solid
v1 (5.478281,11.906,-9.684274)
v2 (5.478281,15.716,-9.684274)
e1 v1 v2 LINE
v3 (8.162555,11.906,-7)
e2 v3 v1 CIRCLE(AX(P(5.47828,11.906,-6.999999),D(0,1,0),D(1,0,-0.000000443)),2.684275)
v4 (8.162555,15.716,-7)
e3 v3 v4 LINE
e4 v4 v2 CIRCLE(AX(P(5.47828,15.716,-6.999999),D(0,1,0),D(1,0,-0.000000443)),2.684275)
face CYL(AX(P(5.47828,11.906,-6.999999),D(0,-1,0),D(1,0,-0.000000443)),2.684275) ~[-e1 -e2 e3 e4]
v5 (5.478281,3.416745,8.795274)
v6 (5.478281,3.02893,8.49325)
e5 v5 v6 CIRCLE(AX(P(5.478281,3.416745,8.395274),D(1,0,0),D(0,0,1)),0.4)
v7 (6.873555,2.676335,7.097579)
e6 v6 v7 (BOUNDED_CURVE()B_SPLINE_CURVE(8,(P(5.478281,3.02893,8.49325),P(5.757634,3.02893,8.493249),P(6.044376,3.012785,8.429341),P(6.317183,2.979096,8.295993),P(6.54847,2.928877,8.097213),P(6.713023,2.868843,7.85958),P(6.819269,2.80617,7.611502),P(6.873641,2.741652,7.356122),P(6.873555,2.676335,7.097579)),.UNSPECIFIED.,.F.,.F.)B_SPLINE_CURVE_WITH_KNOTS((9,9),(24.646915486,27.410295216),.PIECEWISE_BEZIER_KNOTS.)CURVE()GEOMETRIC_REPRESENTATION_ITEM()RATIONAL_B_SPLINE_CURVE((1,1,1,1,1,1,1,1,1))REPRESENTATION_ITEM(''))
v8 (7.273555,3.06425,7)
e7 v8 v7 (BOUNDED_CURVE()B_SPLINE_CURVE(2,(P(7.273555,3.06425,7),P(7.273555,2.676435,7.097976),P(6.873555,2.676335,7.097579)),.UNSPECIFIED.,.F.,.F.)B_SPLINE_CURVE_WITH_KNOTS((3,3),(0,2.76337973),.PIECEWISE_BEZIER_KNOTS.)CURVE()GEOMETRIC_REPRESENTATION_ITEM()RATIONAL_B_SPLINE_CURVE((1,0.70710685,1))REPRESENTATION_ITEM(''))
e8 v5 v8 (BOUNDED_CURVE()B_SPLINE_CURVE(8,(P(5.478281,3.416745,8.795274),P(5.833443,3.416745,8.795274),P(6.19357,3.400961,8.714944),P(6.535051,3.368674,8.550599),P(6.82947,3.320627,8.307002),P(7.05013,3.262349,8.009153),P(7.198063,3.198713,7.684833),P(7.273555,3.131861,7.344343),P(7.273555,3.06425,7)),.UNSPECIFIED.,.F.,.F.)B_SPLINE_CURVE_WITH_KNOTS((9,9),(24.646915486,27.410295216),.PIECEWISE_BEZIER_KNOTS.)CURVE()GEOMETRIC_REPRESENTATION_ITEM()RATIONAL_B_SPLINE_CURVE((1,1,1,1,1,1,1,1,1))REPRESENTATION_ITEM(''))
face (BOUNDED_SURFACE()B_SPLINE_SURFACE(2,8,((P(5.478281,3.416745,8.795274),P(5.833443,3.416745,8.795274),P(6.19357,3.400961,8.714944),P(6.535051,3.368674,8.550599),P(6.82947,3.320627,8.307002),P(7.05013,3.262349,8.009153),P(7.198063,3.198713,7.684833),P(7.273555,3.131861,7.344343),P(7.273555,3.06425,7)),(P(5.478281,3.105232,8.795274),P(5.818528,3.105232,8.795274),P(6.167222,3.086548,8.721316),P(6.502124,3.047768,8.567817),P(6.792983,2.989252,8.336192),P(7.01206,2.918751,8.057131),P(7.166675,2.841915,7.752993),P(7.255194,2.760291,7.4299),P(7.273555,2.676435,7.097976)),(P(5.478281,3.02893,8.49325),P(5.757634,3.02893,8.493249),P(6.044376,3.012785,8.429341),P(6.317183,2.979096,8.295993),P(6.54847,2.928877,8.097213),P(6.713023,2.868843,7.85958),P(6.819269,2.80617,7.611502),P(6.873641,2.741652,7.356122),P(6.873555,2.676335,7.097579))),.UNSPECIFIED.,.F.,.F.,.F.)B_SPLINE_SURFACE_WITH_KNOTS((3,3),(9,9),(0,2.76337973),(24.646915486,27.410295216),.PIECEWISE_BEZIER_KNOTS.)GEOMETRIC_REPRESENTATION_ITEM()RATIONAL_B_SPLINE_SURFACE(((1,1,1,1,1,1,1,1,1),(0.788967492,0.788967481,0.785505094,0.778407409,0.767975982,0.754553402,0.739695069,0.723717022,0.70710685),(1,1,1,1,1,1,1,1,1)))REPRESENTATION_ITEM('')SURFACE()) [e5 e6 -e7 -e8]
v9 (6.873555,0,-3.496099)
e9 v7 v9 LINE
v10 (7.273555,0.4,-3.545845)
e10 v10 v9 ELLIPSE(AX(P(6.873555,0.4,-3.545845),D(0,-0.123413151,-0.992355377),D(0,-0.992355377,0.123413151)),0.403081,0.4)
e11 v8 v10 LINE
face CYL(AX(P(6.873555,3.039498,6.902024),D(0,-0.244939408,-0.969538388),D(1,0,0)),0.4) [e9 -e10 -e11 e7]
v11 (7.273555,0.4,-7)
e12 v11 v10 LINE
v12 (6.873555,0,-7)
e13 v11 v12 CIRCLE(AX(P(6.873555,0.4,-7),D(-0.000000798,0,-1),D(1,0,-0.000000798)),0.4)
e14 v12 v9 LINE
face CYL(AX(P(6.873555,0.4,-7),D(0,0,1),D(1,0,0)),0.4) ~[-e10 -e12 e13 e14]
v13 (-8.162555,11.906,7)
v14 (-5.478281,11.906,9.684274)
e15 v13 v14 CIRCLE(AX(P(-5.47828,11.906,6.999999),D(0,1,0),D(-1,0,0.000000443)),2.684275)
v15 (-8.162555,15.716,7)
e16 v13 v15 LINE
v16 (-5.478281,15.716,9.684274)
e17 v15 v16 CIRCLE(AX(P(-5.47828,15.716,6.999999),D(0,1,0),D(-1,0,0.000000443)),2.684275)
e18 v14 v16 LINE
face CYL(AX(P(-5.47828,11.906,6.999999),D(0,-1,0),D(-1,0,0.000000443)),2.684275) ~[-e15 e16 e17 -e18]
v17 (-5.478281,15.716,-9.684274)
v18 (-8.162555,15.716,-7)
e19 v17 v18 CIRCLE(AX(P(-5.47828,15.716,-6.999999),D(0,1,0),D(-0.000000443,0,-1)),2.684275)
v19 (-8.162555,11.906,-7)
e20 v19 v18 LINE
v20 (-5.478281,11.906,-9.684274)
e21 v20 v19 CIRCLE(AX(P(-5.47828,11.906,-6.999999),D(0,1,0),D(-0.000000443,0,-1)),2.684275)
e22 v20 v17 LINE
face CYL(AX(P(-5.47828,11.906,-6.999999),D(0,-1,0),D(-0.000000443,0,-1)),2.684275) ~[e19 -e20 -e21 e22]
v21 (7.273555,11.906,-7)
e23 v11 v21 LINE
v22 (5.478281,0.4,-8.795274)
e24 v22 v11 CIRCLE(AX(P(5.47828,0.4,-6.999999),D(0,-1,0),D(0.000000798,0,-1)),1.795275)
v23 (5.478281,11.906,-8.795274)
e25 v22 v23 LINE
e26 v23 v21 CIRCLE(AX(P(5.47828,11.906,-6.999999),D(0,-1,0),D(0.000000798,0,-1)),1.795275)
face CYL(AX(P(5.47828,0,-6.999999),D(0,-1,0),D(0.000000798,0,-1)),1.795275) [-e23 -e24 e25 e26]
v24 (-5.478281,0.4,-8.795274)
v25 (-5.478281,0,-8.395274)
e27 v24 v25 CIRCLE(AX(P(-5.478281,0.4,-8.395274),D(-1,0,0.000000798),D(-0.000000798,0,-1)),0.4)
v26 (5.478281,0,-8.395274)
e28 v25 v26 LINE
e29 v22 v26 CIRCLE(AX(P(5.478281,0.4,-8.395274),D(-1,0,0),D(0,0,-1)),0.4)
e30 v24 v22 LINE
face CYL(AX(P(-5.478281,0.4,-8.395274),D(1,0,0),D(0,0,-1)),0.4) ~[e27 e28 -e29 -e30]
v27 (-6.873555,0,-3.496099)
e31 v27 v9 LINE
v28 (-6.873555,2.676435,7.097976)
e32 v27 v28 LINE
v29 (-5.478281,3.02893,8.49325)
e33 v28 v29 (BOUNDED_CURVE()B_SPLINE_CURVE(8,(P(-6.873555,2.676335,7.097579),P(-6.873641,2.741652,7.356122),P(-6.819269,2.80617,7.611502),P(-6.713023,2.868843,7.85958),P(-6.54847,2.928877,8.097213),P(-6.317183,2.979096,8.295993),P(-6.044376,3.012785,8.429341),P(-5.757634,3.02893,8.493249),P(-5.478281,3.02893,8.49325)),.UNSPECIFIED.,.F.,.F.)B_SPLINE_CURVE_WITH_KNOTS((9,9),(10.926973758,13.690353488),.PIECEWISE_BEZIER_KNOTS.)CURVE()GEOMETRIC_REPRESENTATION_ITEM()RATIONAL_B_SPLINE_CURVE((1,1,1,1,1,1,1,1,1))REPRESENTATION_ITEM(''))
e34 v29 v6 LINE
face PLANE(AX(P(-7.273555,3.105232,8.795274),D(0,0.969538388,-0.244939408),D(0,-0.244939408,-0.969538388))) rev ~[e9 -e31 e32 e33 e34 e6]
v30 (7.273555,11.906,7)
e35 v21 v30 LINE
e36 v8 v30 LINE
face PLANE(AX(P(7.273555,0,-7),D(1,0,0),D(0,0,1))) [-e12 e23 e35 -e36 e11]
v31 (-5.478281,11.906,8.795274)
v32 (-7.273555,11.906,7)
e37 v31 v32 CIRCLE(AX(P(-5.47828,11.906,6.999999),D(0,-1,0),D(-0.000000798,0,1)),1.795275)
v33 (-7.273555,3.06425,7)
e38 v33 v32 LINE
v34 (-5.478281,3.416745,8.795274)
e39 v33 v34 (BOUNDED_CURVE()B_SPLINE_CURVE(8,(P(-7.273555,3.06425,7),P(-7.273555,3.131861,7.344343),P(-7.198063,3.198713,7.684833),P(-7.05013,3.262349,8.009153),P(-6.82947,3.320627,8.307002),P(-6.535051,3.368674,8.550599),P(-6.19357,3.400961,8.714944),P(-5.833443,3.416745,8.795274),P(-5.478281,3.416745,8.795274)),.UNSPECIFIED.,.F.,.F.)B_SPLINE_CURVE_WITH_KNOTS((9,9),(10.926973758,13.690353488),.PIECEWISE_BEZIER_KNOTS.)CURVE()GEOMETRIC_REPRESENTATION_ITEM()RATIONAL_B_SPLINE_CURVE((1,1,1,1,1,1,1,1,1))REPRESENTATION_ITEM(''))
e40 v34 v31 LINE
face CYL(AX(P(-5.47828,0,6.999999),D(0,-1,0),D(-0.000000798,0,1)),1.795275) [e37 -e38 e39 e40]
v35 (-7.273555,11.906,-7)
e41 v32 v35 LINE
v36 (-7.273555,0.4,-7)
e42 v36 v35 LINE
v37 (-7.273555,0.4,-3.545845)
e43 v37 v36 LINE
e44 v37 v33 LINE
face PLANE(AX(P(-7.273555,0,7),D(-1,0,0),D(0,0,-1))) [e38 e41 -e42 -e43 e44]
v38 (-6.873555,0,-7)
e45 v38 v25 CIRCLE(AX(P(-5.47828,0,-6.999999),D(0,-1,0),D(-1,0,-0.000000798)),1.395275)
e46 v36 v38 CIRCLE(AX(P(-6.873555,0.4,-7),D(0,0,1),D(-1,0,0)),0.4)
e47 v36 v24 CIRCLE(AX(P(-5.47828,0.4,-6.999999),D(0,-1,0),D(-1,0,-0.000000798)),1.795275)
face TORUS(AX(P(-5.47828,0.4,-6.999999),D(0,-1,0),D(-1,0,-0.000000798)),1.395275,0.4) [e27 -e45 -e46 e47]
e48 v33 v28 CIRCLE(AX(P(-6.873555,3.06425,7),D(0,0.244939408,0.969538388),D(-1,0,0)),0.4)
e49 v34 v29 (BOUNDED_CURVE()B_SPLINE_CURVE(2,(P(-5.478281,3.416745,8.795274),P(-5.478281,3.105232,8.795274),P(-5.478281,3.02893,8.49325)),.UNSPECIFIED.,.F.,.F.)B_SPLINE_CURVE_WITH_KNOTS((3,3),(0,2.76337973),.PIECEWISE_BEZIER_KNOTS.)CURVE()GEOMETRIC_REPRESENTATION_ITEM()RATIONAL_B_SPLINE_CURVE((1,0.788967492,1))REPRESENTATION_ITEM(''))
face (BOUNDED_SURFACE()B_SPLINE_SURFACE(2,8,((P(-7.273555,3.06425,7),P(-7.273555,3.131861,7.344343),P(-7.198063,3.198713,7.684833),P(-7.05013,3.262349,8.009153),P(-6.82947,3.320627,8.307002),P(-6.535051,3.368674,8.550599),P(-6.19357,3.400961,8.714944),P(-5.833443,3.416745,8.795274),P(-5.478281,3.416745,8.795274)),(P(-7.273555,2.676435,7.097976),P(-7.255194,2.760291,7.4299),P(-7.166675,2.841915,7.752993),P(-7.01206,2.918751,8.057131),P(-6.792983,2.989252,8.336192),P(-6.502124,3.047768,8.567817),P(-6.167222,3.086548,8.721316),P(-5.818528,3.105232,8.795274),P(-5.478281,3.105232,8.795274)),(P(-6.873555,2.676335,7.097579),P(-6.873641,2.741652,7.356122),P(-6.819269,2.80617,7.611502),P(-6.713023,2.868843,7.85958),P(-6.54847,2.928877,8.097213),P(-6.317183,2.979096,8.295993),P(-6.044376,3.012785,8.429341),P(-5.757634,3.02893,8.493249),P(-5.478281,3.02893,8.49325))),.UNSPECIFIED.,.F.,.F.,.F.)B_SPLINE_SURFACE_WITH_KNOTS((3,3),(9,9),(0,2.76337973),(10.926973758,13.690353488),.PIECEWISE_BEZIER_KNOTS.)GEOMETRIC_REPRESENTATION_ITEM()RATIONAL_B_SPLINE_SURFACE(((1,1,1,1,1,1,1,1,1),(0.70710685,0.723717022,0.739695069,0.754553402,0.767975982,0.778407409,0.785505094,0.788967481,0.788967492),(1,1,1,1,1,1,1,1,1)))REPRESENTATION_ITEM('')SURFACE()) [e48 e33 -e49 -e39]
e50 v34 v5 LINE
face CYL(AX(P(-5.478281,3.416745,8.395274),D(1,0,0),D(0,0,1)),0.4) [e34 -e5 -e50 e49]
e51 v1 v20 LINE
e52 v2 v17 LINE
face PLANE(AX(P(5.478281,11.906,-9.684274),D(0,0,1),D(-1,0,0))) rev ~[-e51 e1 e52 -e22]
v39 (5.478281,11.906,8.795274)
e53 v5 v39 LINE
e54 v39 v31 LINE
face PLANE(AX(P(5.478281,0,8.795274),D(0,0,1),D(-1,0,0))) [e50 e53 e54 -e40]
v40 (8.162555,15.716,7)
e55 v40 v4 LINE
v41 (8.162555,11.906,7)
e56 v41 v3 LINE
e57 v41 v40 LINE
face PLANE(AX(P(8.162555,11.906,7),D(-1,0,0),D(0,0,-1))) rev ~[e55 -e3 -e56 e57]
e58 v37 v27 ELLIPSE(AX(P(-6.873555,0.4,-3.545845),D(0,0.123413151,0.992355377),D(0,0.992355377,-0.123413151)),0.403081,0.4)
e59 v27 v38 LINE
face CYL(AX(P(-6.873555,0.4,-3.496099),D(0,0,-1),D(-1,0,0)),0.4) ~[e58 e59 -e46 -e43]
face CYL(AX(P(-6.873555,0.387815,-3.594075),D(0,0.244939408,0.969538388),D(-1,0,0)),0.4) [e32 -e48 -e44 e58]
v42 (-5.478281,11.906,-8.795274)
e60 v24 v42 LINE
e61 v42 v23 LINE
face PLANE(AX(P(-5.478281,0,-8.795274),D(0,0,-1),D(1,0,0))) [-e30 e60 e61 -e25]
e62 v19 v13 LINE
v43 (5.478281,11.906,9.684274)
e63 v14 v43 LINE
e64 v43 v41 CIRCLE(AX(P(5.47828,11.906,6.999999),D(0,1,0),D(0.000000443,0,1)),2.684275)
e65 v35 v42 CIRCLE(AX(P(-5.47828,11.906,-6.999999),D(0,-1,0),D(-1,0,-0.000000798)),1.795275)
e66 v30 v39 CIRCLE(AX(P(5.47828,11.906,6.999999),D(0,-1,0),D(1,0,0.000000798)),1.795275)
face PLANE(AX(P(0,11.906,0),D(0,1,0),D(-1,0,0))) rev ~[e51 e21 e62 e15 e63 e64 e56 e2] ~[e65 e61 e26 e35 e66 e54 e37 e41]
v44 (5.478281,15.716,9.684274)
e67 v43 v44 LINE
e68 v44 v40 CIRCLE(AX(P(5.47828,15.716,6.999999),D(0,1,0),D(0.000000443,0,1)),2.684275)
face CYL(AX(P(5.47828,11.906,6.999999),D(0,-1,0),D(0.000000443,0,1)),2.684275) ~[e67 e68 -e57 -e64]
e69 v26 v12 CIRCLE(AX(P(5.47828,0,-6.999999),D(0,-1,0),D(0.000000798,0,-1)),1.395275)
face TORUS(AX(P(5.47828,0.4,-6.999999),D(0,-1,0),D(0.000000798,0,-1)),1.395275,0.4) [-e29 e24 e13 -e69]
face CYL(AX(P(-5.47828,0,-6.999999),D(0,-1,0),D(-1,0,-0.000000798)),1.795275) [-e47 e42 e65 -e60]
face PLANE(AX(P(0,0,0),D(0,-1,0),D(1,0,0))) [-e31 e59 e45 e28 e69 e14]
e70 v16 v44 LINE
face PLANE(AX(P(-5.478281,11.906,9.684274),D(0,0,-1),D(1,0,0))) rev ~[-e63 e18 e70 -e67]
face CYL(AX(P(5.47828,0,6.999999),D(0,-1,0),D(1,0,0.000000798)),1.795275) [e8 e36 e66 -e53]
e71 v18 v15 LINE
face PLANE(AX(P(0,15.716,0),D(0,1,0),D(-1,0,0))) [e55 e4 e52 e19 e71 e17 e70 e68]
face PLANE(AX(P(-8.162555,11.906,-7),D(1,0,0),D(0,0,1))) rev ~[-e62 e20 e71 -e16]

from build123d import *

# Parameters (mm, degrees)
F1_DEPTH = 11.906
F3_DEPTH = 3.81
F5_DEPTH = 14.54711
F7_R     = 0.4


with BuildPart() as f1:
    # F0 (on Front) → F1 (new body)
    with BuildSketch(Plane.XZ):
        with BuildLine():
            Line((5.478281, 8.795274), (-5.478281, 8.795274))
            ThreePointArc((-5.478281, 8.795274), (-6.747731, 8.26945), (-7.273555, 7))
            Line((-7.273555, 7), (-7.273555, -7))
            ThreePointArc((-7.273555, -7), (-6.747731, -8.26945), (-5.478281, -8.795274))
            Line((-5.478281, -8.795274), (5.478281, -8.795274))
            ThreePointArc((5.478281, -8.795274), (6.747731, -8.26945), (7.273555, -7))
            Line((7.273555, -7), (7.273555, 7))
            ThreePointArc((7.273555, 7), (6.747731, 8.26945), (5.478281, 8.795274))
        make_face()
    extrude(amount=-F1_DEPTH)

    # F2 (on face) → F3 (join)
    with BuildSketch(Plane(origin=(0, 11.906, 0), x_dir=(-1, 0, 0), z_dir=(0, 1, 0))):
        with BuildLine():
            ThreePointArc((8.162555, 7), (7.376349, 8.898068), (5.478281, 9.684274))
            Line((5.478281, 9.684274), (-5.478281, 9.684274))
            ThreePointArc((-5.478281, 9.684274), (-7.376349, 8.898068), (-8.162555, 7))
            Line((-8.162555, 7), (-8.162555, -7))
            ThreePointArc((-8.162555, -7), (-7.376349, -8.898068), (-5.478281, -9.684274))
            Line((-5.478281, -9.684274), (5.478281, -9.684274))
            ThreePointArc((5.478281, -9.684274), (7.376349, -8.898068), (8.162555, -7))
            Line((8.162555, -7), (8.162555, 7))
        make_face()
    extrude(amount=F3_DEPTH)

    # F4 (on face) → F5 (cut, through all)
    with BuildSketch(Plane(origin=(-7.273555, 0, 0), x_dir=(0, -1, 0), z_dir=(-1, 0, 0))):
        Polygon((0, -3.496099), (0, 7), (0, 8.795274), (-3.105232, 8.795274), align=None)
    extrude(amount=-F5_DEPTH, mode=Mode.SUBTRACT)

    # F7
    f7_edges = [f1.edges().sort_by_distance(p)[0] for p in [
        (0, 3.105232, 8.795274),
        (6.757507, 2.969901, 8.259598),
        (7.273555, 1.325841, 1.75195),
        (7.273555, 0, -5.24805),
        (6.747731, 0, -8.26945),
        (0, 0, -8.795274),
        (-7.273555, 0, -5.24805),
        (-6.747731, 0, -8.26945),
        (-7.273555, 1.325841, 1.75195),
        (-6.757507, 2.969901, 8.259598),
    ]]
    fillet(f7_edges, radius=F7_R)


solid = f1.part
